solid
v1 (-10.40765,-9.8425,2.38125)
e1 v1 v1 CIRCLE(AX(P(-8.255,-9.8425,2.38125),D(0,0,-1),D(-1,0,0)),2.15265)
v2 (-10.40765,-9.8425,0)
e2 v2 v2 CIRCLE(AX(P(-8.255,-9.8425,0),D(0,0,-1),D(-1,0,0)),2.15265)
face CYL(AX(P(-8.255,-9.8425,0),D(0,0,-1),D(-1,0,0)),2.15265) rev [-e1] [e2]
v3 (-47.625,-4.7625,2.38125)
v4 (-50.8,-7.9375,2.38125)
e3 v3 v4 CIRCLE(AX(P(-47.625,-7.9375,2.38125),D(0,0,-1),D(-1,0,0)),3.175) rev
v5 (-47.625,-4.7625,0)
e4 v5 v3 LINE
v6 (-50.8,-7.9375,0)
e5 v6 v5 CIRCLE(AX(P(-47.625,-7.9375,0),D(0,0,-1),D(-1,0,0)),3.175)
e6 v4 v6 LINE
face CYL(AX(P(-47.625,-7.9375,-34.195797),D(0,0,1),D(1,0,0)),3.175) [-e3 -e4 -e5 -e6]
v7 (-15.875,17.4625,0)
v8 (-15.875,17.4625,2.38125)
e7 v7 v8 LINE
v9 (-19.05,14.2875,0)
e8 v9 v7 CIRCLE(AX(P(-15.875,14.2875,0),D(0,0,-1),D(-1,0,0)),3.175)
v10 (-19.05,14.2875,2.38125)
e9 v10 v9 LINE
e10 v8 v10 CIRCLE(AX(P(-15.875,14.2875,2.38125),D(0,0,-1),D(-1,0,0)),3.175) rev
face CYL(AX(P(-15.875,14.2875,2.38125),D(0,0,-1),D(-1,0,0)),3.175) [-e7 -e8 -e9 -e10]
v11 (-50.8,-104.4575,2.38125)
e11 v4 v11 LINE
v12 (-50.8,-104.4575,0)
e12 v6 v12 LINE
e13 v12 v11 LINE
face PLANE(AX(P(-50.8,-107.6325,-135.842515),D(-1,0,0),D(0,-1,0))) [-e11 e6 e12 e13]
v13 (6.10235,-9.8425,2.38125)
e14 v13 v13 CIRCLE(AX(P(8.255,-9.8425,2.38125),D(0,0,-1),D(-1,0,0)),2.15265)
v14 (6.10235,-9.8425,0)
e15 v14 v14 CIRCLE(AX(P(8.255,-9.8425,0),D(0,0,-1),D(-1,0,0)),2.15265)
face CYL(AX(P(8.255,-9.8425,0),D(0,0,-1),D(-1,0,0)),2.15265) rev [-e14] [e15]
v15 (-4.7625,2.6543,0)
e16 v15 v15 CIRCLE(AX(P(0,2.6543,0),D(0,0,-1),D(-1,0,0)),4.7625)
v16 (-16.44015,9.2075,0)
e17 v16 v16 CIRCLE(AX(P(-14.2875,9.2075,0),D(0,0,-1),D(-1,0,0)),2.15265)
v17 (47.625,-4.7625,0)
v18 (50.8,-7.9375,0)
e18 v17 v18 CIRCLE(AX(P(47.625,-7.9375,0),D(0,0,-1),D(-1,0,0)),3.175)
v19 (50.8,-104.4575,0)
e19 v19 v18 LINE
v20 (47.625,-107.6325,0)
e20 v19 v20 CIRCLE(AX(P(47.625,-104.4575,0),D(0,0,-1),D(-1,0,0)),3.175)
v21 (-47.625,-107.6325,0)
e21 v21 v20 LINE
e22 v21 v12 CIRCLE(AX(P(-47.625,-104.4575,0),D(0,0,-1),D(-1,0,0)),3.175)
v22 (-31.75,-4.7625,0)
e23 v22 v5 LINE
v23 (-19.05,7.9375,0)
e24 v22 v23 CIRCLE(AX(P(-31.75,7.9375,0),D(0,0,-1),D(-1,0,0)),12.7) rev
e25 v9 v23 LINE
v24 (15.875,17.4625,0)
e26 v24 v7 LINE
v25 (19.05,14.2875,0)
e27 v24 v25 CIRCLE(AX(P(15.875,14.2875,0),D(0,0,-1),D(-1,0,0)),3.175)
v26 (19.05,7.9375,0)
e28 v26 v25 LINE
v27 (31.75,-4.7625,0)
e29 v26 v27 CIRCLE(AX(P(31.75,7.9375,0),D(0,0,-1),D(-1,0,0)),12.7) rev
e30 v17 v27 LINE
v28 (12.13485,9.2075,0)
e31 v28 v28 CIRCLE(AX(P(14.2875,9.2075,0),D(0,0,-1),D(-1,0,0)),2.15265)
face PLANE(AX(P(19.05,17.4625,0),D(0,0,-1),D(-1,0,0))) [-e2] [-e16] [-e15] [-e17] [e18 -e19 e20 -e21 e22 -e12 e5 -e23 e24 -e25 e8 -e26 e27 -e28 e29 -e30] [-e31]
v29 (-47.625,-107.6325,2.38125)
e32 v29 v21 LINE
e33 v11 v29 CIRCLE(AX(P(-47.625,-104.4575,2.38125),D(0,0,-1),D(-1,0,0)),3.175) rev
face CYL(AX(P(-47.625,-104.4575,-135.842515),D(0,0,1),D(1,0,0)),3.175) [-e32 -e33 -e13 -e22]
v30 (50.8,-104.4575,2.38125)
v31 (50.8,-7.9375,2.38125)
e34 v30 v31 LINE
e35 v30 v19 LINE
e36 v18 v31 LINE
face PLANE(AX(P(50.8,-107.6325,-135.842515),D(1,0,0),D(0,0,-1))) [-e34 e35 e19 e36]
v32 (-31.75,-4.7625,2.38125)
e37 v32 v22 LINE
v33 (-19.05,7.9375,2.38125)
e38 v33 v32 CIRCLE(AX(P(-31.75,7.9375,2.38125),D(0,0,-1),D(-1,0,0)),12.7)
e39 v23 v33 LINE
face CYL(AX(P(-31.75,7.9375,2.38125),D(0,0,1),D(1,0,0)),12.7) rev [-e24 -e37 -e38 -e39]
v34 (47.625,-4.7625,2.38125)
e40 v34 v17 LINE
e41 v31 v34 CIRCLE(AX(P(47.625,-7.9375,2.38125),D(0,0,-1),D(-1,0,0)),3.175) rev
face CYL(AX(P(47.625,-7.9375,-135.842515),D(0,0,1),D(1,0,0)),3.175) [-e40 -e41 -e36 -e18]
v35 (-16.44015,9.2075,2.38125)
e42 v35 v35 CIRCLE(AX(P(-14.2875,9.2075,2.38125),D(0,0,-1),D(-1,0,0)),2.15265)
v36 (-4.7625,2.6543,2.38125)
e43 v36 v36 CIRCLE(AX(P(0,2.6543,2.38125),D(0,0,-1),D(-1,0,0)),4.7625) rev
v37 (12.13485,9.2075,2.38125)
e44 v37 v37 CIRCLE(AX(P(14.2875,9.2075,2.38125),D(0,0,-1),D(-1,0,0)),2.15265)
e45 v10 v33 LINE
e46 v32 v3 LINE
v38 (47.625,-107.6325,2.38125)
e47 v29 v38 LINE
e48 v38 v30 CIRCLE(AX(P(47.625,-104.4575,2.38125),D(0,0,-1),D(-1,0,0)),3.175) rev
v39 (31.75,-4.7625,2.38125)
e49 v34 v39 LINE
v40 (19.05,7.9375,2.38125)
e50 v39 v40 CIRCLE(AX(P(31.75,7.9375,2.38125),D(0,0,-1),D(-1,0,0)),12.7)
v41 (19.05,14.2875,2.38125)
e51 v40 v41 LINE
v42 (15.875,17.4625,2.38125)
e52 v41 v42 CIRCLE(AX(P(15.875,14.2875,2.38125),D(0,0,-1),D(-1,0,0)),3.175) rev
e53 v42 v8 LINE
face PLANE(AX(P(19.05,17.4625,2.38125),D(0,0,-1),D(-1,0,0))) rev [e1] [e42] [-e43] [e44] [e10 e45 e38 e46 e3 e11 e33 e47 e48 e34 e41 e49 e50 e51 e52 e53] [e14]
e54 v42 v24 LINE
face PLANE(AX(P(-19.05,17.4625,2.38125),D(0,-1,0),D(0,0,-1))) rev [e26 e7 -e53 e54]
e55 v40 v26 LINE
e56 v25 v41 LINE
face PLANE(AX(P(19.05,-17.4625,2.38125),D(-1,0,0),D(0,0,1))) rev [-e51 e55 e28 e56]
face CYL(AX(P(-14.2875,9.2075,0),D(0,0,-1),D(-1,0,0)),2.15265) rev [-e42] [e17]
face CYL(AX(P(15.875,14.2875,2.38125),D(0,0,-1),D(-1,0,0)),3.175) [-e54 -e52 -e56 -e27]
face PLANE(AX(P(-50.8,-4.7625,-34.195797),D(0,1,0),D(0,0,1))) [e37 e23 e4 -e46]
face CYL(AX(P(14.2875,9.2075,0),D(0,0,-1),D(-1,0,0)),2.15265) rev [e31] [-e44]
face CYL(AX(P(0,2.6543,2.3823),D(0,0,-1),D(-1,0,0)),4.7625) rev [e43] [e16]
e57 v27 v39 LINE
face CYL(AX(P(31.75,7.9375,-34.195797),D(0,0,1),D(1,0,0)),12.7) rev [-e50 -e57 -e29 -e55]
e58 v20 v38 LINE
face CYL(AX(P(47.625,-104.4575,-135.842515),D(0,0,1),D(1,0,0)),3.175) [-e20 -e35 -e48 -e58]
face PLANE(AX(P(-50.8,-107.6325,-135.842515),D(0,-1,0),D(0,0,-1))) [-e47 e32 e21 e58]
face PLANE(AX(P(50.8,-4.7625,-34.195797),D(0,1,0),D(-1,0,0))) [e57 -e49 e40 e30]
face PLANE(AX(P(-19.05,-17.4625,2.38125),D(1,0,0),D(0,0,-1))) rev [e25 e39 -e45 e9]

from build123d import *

# Parameters (mm, degrees)
SKETCH1_W                 = 38.1
SKETCH1_H                 = 34.925
BOSS_EXTRUDE1_DEPTH       = 2.38125
SKETCH5_W                 = 101.6
SKETCH5_H                 = 90.17
BOSS_EXTRUDE2_DEPTH       = 2.38125
CUT_EXTRUDE2_REACH        = 121.042
SKETCH6_R                 = 4.7625
F_8_CLEARANCE_HOLE1_D     = 4.3053
F_8_CLEARANCE_HOLE1_DEPTH = 12.7
F_8_CLEARANCE_HOLE1_TIP   = 1.293442612
SKETCH11_W                = 31.75
SKETCH11_H                = 12.7
BOSS_EXTRUDE3_DEPTH       = 2.38125
FILLET3_R                 = 3.175
FILLET4_R                 = 12.7


with BuildPart() as part:
    # Sketch1 → Boss-Extrude1 (new body)
    with BuildSketch(Plane.XY):
        Rectangle(SKETCH1_W, SKETCH1_H)
    extrude(amount=BOSS_EXTRUDE1_DEPTH)

    # Sketch5 → Boss-Extrude2 (add)
    with BuildSketch(Plane.XY.offset(2.38125)):
        with Locations((0, -62.5475)):
            Rectangle(SKETCH5_W, SKETCH5_H)
    extrude(amount=-BOSS_EXTRUDE2_DEPTH)

    # Sketch6 → Cut-Extrude2 (cut, up to next)
    with BuildSketch(Plane(origin=(0, 0, 0), x_dir=(-1, 0, 0), z_dir=(0, 0, -1)), mode=Mode.PRIVATE) as cut_extrude2_sk1:
        with Locations((0, 2.6543)):
            Circle(SKETCH6_R)
    cut_extrude2_tool1 = extrude(cut_extrude2_sk1.sketch, amount=-CUT_EXTRUDE2_REACH, mode=Mode.PRIVATE) & part.part
    add(cut_extrude2_tool1.solids().sort_by_distance((0, 2.6543, 0))[0], mode=Mode.SUBTRACT)

    # #8 Clearance Hole1
    with Locations(Plane(origin=(0, 0, 0), x_dir=(-1, 0, 0), z_dir=(0, 0, -1))):
        with Locations((-8.255, -9.8425), (8.255, -9.8425), (-14.2875, 9.2075), (14.2875, 9.2075)):
            Hole(F_8_CLEARANCE_HOLE1_D / 2, depth=F_8_CLEARANCE_HOLE1_DEPTH)
            with Locations((0, 0, -(F_8_CLEARANCE_HOLE1_DEPTH + F_8_CLEARANCE_HOLE1_TIP / 2))):  # 118° drill point
                Cone(0, F_8_CLEARANCE_HOLE1_D / 2, F_8_CLEARANCE_HOLE1_TIP, mode=Mode.SUBTRACT)

    # Sketch11 → Boss-Extrude3 (add)
    with BuildSketch(Plane.XY.offset(2.38125)):
        with Locations((-34.925, -11.1125)):
            Rectangle(SKETCH11_W, SKETCH11_H)
        with Locations((34.925, -11.1125)):
            Rectangle(SKETCH11_W, SKETCH11_H)
    extrude(amount=-BOSS_EXTRUDE3_DEPTH)

    # Fillet3
    fillet3_edges = [part.edges().sort_by_distance(p)[0] for p in [
        (-50.8, -107.6325, 1.190625),
        (50.8, -107.6325, 1.190625),
        (-19.05, 17.4625, 1.190625),
        (19.05, 17.4625, 1.190625),
        (50.8, -4.7625, 1.190625),
        (-50.8, -4.7625, 1.190625),
    ]]
    fillet(fillet3_edges, radius=FILLET3_R)

    # Fillet4
    fillet4_edges = [part.edges().sort_by_distance(p)[0] for p in [
        (19.05, -4.7625, 1.190625),
        (-19.05, -4.7625, 1.190625),
    ]]
    fillet(fillet4_edges, radius=FILLET4_R)


solid = part.part
